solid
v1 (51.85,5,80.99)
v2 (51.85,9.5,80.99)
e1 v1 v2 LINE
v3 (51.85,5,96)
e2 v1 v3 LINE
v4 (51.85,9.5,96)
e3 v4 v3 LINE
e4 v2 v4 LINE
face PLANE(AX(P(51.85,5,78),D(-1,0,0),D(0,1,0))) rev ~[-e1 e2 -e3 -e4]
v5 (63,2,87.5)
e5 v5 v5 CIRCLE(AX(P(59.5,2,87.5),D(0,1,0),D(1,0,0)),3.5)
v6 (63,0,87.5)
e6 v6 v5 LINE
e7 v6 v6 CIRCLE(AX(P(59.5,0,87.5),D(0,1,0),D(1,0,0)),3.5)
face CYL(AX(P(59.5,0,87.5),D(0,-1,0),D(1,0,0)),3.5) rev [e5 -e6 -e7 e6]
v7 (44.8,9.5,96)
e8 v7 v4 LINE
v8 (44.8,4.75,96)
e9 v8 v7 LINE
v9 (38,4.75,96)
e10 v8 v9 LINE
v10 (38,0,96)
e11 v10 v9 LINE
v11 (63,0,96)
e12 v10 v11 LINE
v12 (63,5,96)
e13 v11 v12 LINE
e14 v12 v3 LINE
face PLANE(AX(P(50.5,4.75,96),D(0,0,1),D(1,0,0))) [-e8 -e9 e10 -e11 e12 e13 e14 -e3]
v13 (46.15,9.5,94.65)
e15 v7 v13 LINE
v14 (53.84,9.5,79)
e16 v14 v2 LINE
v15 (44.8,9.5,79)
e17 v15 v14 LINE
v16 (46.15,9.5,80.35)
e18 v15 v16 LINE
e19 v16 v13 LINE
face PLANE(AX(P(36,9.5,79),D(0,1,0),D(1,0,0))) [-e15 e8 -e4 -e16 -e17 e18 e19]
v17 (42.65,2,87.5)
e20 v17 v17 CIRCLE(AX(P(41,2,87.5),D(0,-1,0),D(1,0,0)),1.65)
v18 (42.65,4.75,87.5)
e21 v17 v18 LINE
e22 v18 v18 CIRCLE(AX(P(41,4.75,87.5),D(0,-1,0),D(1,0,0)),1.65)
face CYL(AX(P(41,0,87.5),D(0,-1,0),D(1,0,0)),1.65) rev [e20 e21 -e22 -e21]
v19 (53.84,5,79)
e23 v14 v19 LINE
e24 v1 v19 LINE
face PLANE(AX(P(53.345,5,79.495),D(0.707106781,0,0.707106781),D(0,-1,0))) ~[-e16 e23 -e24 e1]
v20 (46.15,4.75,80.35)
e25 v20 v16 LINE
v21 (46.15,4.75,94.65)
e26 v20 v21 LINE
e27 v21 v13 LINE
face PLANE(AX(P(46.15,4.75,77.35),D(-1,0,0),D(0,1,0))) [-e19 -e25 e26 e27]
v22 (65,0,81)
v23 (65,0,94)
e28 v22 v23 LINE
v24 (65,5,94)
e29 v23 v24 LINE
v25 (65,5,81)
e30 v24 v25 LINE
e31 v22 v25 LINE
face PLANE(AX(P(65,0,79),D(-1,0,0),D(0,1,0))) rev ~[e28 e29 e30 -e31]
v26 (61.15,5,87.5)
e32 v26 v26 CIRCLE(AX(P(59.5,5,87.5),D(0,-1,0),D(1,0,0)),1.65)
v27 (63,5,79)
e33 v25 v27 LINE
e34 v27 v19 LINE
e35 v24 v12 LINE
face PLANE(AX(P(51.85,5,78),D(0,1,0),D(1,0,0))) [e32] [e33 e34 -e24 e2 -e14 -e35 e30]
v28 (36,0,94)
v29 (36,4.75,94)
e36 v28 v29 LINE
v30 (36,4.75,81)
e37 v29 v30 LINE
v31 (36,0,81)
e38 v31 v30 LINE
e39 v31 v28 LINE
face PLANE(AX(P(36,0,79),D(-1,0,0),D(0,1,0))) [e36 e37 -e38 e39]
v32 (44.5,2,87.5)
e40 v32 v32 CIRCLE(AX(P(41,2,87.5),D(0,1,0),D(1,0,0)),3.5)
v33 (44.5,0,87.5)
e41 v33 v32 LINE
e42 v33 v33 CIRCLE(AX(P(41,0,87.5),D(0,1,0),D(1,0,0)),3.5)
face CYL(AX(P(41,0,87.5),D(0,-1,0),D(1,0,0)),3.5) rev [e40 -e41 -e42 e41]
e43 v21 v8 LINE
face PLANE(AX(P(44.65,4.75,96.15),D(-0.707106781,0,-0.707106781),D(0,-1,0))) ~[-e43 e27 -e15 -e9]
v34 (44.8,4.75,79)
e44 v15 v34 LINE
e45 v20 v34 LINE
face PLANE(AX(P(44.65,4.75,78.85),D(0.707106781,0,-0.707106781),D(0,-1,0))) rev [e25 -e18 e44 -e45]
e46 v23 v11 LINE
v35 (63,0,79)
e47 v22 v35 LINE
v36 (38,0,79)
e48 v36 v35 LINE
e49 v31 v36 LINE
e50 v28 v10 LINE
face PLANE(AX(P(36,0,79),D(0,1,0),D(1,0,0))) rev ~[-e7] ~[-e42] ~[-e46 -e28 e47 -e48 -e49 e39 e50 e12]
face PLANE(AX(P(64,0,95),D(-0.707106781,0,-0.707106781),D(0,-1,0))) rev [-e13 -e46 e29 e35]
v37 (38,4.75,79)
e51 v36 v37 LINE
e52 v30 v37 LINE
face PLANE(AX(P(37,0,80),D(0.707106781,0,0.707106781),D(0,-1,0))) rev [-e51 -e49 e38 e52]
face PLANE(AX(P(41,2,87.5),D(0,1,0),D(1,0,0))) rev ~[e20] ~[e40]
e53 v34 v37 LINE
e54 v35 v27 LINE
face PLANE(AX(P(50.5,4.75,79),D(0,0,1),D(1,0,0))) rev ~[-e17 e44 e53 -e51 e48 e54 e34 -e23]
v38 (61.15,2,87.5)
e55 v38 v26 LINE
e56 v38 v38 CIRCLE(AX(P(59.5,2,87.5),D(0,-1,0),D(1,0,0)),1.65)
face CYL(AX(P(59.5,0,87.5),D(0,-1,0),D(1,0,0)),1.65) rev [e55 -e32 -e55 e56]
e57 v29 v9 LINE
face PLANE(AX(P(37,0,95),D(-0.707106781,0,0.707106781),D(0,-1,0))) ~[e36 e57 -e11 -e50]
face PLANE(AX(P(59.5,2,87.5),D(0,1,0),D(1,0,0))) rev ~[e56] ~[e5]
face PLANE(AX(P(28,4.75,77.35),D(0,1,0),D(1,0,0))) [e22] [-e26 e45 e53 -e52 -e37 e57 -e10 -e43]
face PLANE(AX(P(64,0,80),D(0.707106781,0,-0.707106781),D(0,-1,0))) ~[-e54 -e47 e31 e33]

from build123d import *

# Parameters (mm, degrees)
CYLINDER021_R            = 1.65
CYLINDER021_DEPTH        = 10
CYLINDER022_R            = 1.65
CYLINDER022_DEPTH        = 10
CYLINDER023_R            = 3.5
CYLINDER023_DEPTH        = 2
CYLINDER024_R            = 3.5
CYLINDER024_DEPTH        = 2
BOX034_W                 = 18.15
BOX034_H                 = 5
BOX034_DEPTH             = 20.3
CHAMFER003001005009_SIZE = 3
BOX037_W                 = 18
BOX037_H                 = 5
BOX037_DEPTH             = 28
CHAMFER003001005012_SIZE = 2.99
BOX049_W                 = 29
BOX049_H                 = 9.5
BOX049_DEPTH             = 17
CHAMFER003001005032_SIZE = 2


with BuildPart() as cylinder021:
    # Cylinder021 → Cylinder021 (new body)
    with BuildSketch(Plane(origin=(41, 0, 87.5), x_dir=(1, 0, 0), z_dir=(0, 1, 0))):
        Circle(CYLINDER021_R)
    extrude(amount=CYLINDER021_DEPTH)


with BuildPart() as fusion003018:
    # Cylinder022 → Cylinder022 (new body)
    with BuildSketch(Plane(origin=(59.5, 0, 87.5), x_dir=(1, 0, 0), z_dir=(0, 1, 0))):
        Circle(CYLINDER022_R)
    extrude(amount=CYLINDER022_DEPTH)

    # Fusion003018: union Cylinder021
    add(cylinder021.part)


with BuildPart() as cylinder023:
    # Cylinder023 → Cylinder023 (new body)
    with BuildSketch(Plane(origin=(59.5, 0, 87.5), x_dir=(1, 0, 0), z_dir=(0, 1, 0))):
        Circle(CYLINDER023_R)
    extrude(amount=CYLINDER023_DEPTH)


with BuildPart() as fusion003023006:
    # Cylinder024 → Cylinder024 (new body)
    with BuildSketch(Plane(origin=(41, 0, 87.5), x_dir=(1, 0, 0), z_dir=(0, 1, 0))):
        Circle(CYLINDER024_R)
    extrude(amount=CYLINDER024_DEPTH)

    # Fusion003019: union Cylinder023
    add(cylinder023.part)

    # Fusion003023006: union Fusion003018
    add(fusion003018.part)


with BuildPart() as chamfer003001005009:
    # Box034 → Box034 (new body)
    with BuildSketch(Plane(origin=(28, 4.75, 77.85), x_dir=(1, 0, 0), z_dir=(0, 0, 1))):
        with Locations((9.075, 2.5)):
            Rectangle(BOX034_W, BOX034_H)
    extrude(amount=BOX034_DEPTH)

    # Chamfer003001005009
    chamfer003001005009_edges = [chamfer003001005009.edges().sort_by_distance(p)[0] for p in [
        (46.15, 7.25, 98.15),
        (46.15, 7.25, 77.85),
    ]]
    chamfer(chamfer003001005009_edges, length=CHAMFER003001005009_SIZE)


with BuildPart() as chamfer003001005009_1:
    # Chamfer003001005009 placement: moved
    add(chamfer003001005009.part.moved(Location((0, 0, -0.5))))


with BuildPart() as fusion003023005:
    # Box037 → Box037 (new body)
    with BuildSketch(Plane(origin=(51.85, 5, 78), x_dir=(1, 0, 0), z_dir=(0, 0, 1))):
        with Locations((9, 2.5)):
            Rectangle(BOX037_W, BOX037_H)
    extrude(amount=BOX037_DEPTH)

    # Chamfer003001005012
    chamfer003001005012_edges = [fusion003023005.edges().sort_by_distance(p)[0] for p in [
        (51.85, 7.5, 78),
    ]]
    chamfer(chamfer003001005012_edges, length=CHAMFER003001005012_SIZE)

    # Fusion003023005: union Chamfer003001005009
    add(chamfer003001005009_1.part)


with BuildPart() as mount_connector_lower_f1:
    # Box049 → Box049 (new body)
    with BuildSketch(Plane(origin=(36, 0, 79), x_dir=(1, 0, 0), z_dir=(0, 0, 1))):
        with Locations((14.5, 4.75)):
            Rectangle(BOX049_W, BOX049_H)
    extrude(amount=BOX049_DEPTH)

    # Chamfer003001005032
    chamfer003001005032_edges = [mount_connector_lower_f1.edges().sort_by_distance(p)[0] for p in [
        (36, 4.75, 96),
        (36, 4.75, 79),
        (65, 4.75, 96),
        (65, 4.75, 79),
    ]]
    chamfer(chamfer003001005032_edges, length=CHAMFER003001005032_SIZE)

    # Cut003023001022: cut Fusion003023005
    add(fusion003023005.part, mode=Mode.SUBTRACT)

    # Cut003023001023: cut Fusion003023006
    add(fusion003023006.part, mode=Mode.SUBTRACT)


solid = mount_connector_lower_f1.part
